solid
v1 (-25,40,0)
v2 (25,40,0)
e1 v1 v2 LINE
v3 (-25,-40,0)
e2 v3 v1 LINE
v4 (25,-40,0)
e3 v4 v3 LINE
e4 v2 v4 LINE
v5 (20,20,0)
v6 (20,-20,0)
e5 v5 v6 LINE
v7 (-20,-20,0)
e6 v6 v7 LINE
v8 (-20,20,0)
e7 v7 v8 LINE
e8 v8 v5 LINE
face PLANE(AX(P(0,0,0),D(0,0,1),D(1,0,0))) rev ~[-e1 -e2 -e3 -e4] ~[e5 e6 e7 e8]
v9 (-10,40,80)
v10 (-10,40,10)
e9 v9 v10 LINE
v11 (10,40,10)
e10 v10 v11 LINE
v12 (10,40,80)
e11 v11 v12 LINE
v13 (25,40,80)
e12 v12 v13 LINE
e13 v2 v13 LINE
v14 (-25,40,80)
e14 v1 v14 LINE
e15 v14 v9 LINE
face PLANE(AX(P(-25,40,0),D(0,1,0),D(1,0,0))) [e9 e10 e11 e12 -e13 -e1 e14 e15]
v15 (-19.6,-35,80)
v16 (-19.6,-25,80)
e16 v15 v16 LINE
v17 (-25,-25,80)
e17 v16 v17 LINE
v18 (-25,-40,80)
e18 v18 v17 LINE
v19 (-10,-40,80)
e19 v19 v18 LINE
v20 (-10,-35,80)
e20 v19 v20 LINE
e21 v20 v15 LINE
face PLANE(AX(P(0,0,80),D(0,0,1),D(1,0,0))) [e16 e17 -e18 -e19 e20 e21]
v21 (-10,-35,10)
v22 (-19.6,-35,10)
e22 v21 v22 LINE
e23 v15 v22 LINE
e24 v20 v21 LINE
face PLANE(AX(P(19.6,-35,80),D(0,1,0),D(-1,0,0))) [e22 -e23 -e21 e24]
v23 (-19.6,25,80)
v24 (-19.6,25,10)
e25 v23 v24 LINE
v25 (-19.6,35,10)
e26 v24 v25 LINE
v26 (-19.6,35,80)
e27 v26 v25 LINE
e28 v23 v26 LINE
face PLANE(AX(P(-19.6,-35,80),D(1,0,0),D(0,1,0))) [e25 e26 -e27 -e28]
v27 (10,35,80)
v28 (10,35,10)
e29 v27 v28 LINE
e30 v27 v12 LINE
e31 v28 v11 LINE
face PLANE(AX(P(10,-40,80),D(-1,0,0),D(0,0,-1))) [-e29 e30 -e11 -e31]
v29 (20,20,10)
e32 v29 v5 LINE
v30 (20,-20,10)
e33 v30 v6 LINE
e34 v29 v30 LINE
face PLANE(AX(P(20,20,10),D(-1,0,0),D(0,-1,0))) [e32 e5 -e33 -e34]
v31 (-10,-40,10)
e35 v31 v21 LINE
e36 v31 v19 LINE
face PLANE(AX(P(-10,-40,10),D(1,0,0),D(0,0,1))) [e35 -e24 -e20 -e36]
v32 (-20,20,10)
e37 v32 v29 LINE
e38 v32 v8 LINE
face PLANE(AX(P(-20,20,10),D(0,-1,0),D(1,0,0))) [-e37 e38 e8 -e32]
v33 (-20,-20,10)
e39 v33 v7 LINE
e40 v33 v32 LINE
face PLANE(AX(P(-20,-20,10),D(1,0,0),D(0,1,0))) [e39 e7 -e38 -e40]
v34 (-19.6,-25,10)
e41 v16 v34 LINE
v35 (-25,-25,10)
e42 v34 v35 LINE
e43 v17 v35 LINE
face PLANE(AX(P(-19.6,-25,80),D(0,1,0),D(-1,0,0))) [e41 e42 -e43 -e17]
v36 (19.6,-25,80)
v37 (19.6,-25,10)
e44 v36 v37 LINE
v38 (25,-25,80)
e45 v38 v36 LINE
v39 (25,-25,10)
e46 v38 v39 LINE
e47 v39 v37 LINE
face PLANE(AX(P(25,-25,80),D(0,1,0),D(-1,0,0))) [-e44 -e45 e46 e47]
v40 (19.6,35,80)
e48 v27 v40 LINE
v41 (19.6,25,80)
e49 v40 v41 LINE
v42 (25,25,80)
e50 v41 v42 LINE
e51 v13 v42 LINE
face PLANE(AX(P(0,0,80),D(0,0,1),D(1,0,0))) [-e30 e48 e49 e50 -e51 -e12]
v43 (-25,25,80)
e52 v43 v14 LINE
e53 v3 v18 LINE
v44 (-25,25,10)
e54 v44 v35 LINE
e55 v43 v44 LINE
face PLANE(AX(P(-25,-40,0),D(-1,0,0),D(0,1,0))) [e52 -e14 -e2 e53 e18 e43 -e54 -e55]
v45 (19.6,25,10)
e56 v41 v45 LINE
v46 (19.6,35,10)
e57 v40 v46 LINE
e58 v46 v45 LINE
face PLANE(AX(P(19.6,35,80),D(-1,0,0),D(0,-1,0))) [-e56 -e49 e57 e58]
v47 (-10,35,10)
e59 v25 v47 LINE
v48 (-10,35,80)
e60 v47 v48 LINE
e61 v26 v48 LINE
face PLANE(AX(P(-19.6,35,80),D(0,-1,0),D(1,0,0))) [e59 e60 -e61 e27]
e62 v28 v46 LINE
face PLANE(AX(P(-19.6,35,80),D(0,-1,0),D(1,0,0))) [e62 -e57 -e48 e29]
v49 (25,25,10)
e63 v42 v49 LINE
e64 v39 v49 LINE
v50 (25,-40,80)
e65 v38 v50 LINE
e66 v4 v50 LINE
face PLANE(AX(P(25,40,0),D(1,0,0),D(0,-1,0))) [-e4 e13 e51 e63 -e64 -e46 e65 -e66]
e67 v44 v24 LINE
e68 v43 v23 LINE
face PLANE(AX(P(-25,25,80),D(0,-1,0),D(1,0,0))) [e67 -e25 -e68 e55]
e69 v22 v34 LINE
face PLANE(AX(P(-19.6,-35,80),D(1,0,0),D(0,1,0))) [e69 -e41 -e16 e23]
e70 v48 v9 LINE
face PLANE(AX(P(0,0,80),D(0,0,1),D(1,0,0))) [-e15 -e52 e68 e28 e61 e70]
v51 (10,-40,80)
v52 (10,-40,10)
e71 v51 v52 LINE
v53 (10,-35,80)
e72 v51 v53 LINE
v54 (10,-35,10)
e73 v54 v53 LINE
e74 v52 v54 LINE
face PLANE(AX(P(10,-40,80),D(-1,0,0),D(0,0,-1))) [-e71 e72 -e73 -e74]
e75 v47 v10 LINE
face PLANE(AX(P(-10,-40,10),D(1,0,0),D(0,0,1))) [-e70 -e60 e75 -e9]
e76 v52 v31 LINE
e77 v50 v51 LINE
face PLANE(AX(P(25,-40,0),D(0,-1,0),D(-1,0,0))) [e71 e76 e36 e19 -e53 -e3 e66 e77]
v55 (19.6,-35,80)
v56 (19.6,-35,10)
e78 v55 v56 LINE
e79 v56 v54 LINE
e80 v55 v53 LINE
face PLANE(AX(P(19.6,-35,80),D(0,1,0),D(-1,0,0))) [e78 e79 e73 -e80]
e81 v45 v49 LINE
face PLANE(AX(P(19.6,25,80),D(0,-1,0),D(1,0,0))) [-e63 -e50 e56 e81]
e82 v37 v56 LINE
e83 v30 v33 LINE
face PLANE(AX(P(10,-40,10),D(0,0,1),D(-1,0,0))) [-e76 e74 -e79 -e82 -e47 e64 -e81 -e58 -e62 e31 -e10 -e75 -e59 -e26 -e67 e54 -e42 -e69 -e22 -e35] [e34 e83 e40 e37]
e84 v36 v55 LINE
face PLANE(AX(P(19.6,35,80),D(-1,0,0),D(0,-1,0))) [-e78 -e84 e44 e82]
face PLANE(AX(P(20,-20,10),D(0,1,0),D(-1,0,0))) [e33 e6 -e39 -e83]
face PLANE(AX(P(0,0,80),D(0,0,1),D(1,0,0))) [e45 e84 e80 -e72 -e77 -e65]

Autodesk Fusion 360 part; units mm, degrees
sketch "スケッチ1" plane through (0, 0, 0) normal (0, 0, 1) x (1, 0, 0)
  line L0 (25, -40) -> (-25, -40)
  line L1 (-25, -40) -> (-25, 40)
  line L2 (-25, 40) -> (25, 40)
  line L3 (25, 40) -> (25, -40)
  line L4 (25, -40) -> (-25, 40) construction
  line L5 (-25, -40) -> (25, 40) construction
  dimension "d1" = 50
  dimension "d2" = 80
extrude "押し出し1" add sketch "スケッチ1" along normal blind 80
sketch "スケッチ2" plane through (0, 0, 80) normal (0, 0, 1) x (-1, 0, 0)
  line L0 (-25, -40) -> (25, -40)
  line L1 (25, -40) -> (25, 40)
  line L2 (25, 40) -> (-25, 40)
  line L3 (-25, 40) -> (-25, -40)
  line L4 (-19.6, 35) -> (19.6, 35)
  line L5 (19.6, 35) -> (19.6, -35)
  line L6 (19.6, -35) -> (-19.6, -35)
  line L7 (-19.6, -35) -> (-19.6, 35)
  line L8 (-19.6, 35) -> (19.6, -35) construction
  line L9 (19.6, 35) -> (-19.6, -35) construction
  dimension "d5" = 39.2
  dimension "d6" = 70
extrude "押し出し2" cut sketch "スケッチ2" against normal blind 70 contours L4 L5 L6 L7
sketch "スケッチ4" plane through (0, 0, 80) normal (0, 0, 1) x (-1, 0, 0)
  line L0 (19.6, 35) -> (19.6, -35)
  line L1 (19.6, -35) -> (-19.6, -35)
  line L2 (-19.6, -35) -> (-19.6, 35)
  line L3 (-19.6, 35) -> (19.6, 35)
  line L4 (-25, -40) -> (25, -40)
  line L5 (25, -40) -> (25, 40)
  line L6 (25, 40) -> (-25, 40)
  line L7 (-25, 40) -> (-25, -40)
  line L8 (-30, 25) -> (30, 25)
  line L9 (30, 25) -> (30, -25)
  line L10 (30, -25) -> (-30, -25)
  line L11 (-30, -25) -> (-30, 25)
  line L12 (-30, 25) -> (30, -25) construction
  line L13 (30, 25) -> (-30, -25) construction
  dimension "d11" = 60
  dimension "d12" = 50
extrude "押し出し4" cut sketch "スケッチ4" against normal blind 70 contours L0 L5 L8 L10 | L2 L7 L8 L10
sketch "スケッチ5" plane through (0, 0, 10) normal (0, 0, 1) x (-1, 0, 0)
  line L0 (-19.6, -35) -> (19.6, -35)
  line L1 (19.6, -35) -> (19.6, -25)
  line L2 (19.6, -25) -> (25, -25)
  line L3 (25, -25) -> (25, 25)
  line L4 (25, 25) -> (19.6, 25)
  line L5 (19.6, 25) -> (19.6, 35)
  line L6 (19.6, 35) -> (-19.6, 35)
  line L7 (-19.6, 35) -> (-19.6, 25)
  line L8 (-19.6, 25) -> (-25, 25)
  line L9 (-25, 25) -> (-25, -25)
  line L10 (-25, -25) -> (-19.6, -25)
  line L11 (-19.6, -25) -> (-19.6, -35)
  line L12 (-20, 20) -> (20, 20)
  line L13 (20, 20) -> (20, -20)
  line L14 (20, -20) -> (-20, -20)
  line L15 (-20, -20) -> (-20, 20)
  line L16 (-20, 20) -> (20, -20) construction
  line L17 (20, 20) -> (-20, -20) construction
extrude "押し出し5" cut sketch "スケッチ5" against normal blind 10 contours L12 L13 L14 L15
sketch "スケッチ6" plane through (0, -40, 0) normal (0, -1, 0) x (1, 0, 0)
  line L0 (-25, 0) -> (25, 0)
  line L1 (25, 0) -> (25, 80)
  line L2 (25, 80) -> (-25, 80)
  line L3 (-25, 80) -> (-25, 0)
  line L4 (-10, 80) -> (10, 80)
  line L5 (10, 80) -> (10, 10)
  line L6 (10, 10) -> (-10, 10)
  line L7 (-10, 10) -> (-10, 80)
extrude "押し出し6" cut sketch "スケッチ6" against normal blind 100 contours L2 L4 L5 L6 L7
